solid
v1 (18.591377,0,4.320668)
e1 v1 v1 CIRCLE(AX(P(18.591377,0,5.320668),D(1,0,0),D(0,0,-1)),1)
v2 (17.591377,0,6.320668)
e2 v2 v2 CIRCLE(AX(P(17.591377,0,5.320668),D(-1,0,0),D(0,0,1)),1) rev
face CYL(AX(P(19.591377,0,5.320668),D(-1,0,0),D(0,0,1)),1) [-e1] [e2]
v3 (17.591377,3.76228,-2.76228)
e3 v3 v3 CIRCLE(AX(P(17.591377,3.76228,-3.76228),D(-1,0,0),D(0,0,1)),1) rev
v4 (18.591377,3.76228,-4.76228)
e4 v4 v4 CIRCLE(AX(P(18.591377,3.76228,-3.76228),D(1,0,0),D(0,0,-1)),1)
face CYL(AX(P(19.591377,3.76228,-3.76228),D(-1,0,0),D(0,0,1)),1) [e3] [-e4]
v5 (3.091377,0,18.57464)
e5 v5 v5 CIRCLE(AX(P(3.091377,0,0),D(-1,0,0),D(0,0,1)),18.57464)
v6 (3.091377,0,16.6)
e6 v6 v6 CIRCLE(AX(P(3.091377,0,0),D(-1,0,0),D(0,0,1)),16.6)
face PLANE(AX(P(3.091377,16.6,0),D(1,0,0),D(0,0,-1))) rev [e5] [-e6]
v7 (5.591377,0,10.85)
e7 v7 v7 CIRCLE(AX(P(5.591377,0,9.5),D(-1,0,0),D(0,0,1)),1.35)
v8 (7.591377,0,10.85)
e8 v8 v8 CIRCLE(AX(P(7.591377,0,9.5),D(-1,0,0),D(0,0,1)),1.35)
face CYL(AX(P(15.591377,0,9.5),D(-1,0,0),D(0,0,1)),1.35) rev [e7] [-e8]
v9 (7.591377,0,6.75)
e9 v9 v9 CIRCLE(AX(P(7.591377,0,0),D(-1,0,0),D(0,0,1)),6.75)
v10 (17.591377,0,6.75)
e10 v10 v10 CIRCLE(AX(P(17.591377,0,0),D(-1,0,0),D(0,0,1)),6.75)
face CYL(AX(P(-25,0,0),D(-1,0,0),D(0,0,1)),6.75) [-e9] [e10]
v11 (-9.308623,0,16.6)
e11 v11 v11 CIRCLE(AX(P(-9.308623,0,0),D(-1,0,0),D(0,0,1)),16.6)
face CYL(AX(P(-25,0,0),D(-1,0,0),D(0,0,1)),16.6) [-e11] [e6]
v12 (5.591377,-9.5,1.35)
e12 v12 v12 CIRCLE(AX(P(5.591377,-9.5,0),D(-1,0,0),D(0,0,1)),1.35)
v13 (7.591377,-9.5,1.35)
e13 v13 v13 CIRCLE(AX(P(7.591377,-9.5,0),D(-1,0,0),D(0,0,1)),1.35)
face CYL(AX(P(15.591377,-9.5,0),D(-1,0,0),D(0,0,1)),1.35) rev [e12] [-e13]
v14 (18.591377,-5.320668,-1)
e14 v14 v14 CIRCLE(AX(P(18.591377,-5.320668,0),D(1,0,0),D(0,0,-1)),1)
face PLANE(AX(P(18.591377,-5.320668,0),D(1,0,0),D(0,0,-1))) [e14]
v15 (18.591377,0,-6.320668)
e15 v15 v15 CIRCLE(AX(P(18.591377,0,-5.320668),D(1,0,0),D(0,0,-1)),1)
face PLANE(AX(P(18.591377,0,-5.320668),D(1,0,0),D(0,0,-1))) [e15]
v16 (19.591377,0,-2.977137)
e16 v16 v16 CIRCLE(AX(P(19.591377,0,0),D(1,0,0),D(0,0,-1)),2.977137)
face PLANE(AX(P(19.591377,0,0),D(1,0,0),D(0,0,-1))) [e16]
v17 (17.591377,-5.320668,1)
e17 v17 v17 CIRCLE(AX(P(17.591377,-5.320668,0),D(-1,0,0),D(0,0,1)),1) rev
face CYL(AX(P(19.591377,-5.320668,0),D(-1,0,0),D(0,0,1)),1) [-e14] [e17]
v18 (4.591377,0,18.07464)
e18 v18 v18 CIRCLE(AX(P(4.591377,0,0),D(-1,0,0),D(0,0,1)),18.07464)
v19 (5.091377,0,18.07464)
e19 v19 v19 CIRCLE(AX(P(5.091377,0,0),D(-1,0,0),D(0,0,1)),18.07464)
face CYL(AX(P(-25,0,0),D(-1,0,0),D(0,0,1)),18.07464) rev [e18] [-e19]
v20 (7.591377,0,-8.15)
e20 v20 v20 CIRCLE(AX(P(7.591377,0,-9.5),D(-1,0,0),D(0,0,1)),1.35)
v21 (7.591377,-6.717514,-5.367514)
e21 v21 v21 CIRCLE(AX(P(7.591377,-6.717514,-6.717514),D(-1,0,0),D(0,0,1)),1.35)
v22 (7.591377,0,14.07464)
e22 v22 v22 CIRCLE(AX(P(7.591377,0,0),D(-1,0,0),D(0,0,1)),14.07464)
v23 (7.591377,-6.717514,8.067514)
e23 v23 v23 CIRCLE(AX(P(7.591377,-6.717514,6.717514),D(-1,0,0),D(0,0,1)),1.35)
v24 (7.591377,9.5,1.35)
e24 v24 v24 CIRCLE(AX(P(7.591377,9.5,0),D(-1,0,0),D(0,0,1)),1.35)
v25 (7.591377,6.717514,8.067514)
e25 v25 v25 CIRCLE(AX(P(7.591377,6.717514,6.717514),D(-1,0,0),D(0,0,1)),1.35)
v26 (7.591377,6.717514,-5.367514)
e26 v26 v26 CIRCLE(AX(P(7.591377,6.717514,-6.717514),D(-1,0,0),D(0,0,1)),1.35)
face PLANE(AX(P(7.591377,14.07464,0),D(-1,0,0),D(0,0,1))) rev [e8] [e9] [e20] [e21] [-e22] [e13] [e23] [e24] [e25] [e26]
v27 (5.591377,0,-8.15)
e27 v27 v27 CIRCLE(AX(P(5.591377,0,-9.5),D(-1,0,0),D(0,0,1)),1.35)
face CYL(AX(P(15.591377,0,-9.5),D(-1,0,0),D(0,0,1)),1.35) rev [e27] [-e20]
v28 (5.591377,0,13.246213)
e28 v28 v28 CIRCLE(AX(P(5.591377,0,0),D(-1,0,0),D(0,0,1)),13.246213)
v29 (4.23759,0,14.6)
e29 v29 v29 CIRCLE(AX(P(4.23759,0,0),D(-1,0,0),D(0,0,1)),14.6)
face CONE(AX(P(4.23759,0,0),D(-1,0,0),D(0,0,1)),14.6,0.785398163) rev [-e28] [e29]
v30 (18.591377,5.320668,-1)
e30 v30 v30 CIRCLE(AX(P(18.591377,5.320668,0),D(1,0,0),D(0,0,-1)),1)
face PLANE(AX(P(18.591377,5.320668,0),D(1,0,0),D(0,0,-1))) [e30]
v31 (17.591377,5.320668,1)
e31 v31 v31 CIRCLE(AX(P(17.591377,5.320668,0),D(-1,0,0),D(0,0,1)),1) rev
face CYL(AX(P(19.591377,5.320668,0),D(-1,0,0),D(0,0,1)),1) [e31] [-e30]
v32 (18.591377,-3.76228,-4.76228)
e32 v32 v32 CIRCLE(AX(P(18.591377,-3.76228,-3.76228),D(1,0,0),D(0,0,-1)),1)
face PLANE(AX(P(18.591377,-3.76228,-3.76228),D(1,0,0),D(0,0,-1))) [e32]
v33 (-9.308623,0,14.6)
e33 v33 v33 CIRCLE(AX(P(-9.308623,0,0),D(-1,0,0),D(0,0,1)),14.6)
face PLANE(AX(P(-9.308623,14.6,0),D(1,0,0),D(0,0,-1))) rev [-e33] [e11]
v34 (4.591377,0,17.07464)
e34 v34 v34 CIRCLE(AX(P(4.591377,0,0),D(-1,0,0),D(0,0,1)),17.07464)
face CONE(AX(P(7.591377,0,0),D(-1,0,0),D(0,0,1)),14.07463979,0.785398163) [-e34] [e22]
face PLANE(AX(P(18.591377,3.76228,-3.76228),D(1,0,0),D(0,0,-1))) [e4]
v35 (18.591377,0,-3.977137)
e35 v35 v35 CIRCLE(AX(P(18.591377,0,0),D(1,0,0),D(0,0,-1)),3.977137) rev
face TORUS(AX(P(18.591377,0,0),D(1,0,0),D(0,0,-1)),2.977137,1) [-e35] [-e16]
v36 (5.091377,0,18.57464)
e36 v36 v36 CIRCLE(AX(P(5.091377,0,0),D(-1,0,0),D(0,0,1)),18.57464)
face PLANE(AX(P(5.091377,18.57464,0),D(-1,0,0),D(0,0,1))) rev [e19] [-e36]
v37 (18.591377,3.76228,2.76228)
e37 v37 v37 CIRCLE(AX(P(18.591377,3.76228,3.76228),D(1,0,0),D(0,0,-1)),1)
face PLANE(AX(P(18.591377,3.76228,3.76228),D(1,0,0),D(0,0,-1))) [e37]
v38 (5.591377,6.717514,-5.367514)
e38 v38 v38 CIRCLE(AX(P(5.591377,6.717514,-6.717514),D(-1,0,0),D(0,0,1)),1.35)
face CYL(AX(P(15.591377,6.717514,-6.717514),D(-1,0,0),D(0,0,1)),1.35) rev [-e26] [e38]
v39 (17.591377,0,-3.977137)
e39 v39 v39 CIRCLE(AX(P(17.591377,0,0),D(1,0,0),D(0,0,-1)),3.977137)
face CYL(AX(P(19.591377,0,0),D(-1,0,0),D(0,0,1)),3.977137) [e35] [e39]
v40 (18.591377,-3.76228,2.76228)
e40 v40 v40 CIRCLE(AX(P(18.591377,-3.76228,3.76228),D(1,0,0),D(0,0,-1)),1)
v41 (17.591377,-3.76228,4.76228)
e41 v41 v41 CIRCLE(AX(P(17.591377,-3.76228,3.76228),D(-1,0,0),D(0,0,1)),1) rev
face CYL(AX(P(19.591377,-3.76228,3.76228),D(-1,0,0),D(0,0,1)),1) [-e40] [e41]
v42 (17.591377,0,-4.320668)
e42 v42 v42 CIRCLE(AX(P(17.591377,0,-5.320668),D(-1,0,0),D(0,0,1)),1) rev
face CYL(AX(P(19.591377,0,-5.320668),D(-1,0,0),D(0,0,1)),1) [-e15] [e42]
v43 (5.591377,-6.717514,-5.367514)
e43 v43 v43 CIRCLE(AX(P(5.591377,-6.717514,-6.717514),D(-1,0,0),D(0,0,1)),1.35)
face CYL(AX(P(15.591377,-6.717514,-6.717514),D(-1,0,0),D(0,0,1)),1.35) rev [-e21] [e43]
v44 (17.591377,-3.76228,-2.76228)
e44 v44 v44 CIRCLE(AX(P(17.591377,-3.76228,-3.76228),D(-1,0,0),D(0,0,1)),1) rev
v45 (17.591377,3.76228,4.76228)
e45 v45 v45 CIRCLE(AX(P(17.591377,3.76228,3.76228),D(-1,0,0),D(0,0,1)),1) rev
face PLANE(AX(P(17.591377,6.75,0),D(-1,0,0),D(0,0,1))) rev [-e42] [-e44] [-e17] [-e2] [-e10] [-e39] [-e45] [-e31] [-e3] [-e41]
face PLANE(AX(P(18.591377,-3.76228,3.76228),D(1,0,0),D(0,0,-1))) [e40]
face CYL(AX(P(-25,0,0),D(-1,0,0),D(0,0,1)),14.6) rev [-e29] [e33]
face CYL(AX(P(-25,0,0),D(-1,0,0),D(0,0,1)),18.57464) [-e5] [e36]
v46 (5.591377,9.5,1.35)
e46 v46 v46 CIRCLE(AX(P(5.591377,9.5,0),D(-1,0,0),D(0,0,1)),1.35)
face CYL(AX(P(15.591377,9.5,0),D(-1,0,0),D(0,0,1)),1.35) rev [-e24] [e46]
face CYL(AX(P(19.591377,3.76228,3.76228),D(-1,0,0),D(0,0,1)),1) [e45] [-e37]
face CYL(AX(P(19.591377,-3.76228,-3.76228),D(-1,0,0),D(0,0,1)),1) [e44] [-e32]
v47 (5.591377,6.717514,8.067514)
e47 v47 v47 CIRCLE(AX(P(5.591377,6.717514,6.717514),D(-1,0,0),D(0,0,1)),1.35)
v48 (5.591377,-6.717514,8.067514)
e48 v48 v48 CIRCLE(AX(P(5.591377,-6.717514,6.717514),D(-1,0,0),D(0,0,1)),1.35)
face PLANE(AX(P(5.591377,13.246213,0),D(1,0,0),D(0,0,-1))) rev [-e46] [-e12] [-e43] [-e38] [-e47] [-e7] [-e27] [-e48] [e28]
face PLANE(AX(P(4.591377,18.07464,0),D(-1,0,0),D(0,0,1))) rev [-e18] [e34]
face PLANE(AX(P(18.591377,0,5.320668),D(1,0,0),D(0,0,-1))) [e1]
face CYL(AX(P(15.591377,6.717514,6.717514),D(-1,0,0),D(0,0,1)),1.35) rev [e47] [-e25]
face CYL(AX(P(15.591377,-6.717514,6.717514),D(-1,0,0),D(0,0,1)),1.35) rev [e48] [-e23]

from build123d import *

# Parameters (mm, degrees)
SKETCH2_R           = 1.35
CUT_EXTRUDE1_DEPTH  = 10
SKETCH3_R           = 3.977137015
SKETCH3_R_2         = 1
BOSS_EXTRUDE1_DEPTH = 2
FILLET1_R           = 1
SKETCH4_R           = 1
CUT_EXTRUDE2_DEPTH  = 1


with BuildPart() as part:
    # Sketch1 → Revolve1 (revolve)
    with BuildSketch(Plane.XY):
        Polygon((-9.308622786, 16.6), (3.091377214, 16.6), (3.091377214, 18.57463979), (5.091377214, 18.57463979), (5.091377214, 18.07463979), (4.591377214, 18.07463979), (4.591377214, 17.07463979), (7.591377214, 14.07463979), (7.591377214, 6.75), (17.591377214, 6.75), (17.591377214, 0), (6.591377214, 0), (5.591377214, 0), (5.591377214, 13.246212665), (4.237589879, 14.6), (-9.308622786, 14.6), align=None)
    revolve(axis=Axis((-25, 0, 0), (1, 0, 0)))

    # Sketch2 → Cut-Extrude1 (cut)
    with BuildSketch(Plane.ZY.offset(-5.591377214)):
        with Locations((0, 9.5)):
            Circle(SKETCH2_R)
        with Locations((6.717514421, 6.717514421)):
            Circle(SKETCH2_R)
        with Locations((9.5, 0)):
            Circle(SKETCH2_R)
        with Locations((6.717514421, -6.717514421)):
            Circle(SKETCH2_R)
        with Locations((0, -9.5)):
            Circle(SKETCH2_R)
        with Locations((-6.717514421, -6.717514421)):
            Circle(SKETCH2_R)
        with Locations((-9.5, 0)):
            Circle(SKETCH2_R)
        with Locations((-6.717514421, 6.717514421)):
            Circle(SKETCH2_R)
    extrude(amount=-CUT_EXTRUDE1_DEPTH, mode=Mode.SUBTRACT)

    # Sketch3 → Boss-Extrude1 (add)
    with BuildSketch(Plane(origin=(17.591377214, 0, 0), x_dir=(0, 0, -1), z_dir=(1, 0, 0))):
        Circle(SKETCH3_R)
        with Locations((0, 5.320667936)):
            Circle(SKETCH3_R_2)
        with Locations((3.762280378, 3.762280378)):
            Circle(SKETCH3_R_2)
        with Locations((5.320667936, 0)):
            Circle(SKETCH3_R_2)
        with Locations((3.762280378, -3.762280378)):
            Circle(SKETCH3_R_2)
        with Locations((0, -5.320667936)):
            Circle(SKETCH3_R_2)
        with Locations((-3.762280378, -3.762280378)):
            Circle(SKETCH3_R_2)
        with Locations((-5.320667936, 0)):
            Circle(SKETCH3_R_2)
        with Locations((-3.762280378, 3.762280378)):
            Circle(SKETCH3_R_2)
    extrude(amount=BOSS_EXTRUDE1_DEPTH)

    # Fillet1
    fillet1_edges = [part.edges().sort_by_distance(p)[0] for p in [
        (19.591377214, 0, 3.977137015),
    ]]
    fillet(fillet1_edges, radius=FILLET1_R)

    # Sketch4 → Cut-Extrude2 (cut)
    with BuildSketch(Plane(origin=(19.591377214, 0, 0), x_dir=(0, 0, -1), z_dir=(1, 0, 0))):
        with Locations((0, 5.320667936)):
            Circle(SKETCH4_R)
        with Locations((3.762280378, 3.762280378)):
            Circle(SKETCH4_R)
        with Locations((5.320667936, 0)):
            Circle(SKETCH4_R)
        with Locations((3.762280378, -3.762280378)):
            Circle(SKETCH4_R)
        with Locations((0, -5.320667936)):
            Circle(SKETCH4_R)
        with Locations((-3.762280378, -3.762280378)):
            Circle(SKETCH4_R)
        with Locations((-5.320667936, 0)):
            Circle(SKETCH4_R)
        with Locations((-3.762280378, 3.762280378)):
            Circle(SKETCH4_R)
    extrude(amount=-CUT_EXTRUDE2_DEPTH, mode=Mode.SUBTRACT)


solid = part.part
